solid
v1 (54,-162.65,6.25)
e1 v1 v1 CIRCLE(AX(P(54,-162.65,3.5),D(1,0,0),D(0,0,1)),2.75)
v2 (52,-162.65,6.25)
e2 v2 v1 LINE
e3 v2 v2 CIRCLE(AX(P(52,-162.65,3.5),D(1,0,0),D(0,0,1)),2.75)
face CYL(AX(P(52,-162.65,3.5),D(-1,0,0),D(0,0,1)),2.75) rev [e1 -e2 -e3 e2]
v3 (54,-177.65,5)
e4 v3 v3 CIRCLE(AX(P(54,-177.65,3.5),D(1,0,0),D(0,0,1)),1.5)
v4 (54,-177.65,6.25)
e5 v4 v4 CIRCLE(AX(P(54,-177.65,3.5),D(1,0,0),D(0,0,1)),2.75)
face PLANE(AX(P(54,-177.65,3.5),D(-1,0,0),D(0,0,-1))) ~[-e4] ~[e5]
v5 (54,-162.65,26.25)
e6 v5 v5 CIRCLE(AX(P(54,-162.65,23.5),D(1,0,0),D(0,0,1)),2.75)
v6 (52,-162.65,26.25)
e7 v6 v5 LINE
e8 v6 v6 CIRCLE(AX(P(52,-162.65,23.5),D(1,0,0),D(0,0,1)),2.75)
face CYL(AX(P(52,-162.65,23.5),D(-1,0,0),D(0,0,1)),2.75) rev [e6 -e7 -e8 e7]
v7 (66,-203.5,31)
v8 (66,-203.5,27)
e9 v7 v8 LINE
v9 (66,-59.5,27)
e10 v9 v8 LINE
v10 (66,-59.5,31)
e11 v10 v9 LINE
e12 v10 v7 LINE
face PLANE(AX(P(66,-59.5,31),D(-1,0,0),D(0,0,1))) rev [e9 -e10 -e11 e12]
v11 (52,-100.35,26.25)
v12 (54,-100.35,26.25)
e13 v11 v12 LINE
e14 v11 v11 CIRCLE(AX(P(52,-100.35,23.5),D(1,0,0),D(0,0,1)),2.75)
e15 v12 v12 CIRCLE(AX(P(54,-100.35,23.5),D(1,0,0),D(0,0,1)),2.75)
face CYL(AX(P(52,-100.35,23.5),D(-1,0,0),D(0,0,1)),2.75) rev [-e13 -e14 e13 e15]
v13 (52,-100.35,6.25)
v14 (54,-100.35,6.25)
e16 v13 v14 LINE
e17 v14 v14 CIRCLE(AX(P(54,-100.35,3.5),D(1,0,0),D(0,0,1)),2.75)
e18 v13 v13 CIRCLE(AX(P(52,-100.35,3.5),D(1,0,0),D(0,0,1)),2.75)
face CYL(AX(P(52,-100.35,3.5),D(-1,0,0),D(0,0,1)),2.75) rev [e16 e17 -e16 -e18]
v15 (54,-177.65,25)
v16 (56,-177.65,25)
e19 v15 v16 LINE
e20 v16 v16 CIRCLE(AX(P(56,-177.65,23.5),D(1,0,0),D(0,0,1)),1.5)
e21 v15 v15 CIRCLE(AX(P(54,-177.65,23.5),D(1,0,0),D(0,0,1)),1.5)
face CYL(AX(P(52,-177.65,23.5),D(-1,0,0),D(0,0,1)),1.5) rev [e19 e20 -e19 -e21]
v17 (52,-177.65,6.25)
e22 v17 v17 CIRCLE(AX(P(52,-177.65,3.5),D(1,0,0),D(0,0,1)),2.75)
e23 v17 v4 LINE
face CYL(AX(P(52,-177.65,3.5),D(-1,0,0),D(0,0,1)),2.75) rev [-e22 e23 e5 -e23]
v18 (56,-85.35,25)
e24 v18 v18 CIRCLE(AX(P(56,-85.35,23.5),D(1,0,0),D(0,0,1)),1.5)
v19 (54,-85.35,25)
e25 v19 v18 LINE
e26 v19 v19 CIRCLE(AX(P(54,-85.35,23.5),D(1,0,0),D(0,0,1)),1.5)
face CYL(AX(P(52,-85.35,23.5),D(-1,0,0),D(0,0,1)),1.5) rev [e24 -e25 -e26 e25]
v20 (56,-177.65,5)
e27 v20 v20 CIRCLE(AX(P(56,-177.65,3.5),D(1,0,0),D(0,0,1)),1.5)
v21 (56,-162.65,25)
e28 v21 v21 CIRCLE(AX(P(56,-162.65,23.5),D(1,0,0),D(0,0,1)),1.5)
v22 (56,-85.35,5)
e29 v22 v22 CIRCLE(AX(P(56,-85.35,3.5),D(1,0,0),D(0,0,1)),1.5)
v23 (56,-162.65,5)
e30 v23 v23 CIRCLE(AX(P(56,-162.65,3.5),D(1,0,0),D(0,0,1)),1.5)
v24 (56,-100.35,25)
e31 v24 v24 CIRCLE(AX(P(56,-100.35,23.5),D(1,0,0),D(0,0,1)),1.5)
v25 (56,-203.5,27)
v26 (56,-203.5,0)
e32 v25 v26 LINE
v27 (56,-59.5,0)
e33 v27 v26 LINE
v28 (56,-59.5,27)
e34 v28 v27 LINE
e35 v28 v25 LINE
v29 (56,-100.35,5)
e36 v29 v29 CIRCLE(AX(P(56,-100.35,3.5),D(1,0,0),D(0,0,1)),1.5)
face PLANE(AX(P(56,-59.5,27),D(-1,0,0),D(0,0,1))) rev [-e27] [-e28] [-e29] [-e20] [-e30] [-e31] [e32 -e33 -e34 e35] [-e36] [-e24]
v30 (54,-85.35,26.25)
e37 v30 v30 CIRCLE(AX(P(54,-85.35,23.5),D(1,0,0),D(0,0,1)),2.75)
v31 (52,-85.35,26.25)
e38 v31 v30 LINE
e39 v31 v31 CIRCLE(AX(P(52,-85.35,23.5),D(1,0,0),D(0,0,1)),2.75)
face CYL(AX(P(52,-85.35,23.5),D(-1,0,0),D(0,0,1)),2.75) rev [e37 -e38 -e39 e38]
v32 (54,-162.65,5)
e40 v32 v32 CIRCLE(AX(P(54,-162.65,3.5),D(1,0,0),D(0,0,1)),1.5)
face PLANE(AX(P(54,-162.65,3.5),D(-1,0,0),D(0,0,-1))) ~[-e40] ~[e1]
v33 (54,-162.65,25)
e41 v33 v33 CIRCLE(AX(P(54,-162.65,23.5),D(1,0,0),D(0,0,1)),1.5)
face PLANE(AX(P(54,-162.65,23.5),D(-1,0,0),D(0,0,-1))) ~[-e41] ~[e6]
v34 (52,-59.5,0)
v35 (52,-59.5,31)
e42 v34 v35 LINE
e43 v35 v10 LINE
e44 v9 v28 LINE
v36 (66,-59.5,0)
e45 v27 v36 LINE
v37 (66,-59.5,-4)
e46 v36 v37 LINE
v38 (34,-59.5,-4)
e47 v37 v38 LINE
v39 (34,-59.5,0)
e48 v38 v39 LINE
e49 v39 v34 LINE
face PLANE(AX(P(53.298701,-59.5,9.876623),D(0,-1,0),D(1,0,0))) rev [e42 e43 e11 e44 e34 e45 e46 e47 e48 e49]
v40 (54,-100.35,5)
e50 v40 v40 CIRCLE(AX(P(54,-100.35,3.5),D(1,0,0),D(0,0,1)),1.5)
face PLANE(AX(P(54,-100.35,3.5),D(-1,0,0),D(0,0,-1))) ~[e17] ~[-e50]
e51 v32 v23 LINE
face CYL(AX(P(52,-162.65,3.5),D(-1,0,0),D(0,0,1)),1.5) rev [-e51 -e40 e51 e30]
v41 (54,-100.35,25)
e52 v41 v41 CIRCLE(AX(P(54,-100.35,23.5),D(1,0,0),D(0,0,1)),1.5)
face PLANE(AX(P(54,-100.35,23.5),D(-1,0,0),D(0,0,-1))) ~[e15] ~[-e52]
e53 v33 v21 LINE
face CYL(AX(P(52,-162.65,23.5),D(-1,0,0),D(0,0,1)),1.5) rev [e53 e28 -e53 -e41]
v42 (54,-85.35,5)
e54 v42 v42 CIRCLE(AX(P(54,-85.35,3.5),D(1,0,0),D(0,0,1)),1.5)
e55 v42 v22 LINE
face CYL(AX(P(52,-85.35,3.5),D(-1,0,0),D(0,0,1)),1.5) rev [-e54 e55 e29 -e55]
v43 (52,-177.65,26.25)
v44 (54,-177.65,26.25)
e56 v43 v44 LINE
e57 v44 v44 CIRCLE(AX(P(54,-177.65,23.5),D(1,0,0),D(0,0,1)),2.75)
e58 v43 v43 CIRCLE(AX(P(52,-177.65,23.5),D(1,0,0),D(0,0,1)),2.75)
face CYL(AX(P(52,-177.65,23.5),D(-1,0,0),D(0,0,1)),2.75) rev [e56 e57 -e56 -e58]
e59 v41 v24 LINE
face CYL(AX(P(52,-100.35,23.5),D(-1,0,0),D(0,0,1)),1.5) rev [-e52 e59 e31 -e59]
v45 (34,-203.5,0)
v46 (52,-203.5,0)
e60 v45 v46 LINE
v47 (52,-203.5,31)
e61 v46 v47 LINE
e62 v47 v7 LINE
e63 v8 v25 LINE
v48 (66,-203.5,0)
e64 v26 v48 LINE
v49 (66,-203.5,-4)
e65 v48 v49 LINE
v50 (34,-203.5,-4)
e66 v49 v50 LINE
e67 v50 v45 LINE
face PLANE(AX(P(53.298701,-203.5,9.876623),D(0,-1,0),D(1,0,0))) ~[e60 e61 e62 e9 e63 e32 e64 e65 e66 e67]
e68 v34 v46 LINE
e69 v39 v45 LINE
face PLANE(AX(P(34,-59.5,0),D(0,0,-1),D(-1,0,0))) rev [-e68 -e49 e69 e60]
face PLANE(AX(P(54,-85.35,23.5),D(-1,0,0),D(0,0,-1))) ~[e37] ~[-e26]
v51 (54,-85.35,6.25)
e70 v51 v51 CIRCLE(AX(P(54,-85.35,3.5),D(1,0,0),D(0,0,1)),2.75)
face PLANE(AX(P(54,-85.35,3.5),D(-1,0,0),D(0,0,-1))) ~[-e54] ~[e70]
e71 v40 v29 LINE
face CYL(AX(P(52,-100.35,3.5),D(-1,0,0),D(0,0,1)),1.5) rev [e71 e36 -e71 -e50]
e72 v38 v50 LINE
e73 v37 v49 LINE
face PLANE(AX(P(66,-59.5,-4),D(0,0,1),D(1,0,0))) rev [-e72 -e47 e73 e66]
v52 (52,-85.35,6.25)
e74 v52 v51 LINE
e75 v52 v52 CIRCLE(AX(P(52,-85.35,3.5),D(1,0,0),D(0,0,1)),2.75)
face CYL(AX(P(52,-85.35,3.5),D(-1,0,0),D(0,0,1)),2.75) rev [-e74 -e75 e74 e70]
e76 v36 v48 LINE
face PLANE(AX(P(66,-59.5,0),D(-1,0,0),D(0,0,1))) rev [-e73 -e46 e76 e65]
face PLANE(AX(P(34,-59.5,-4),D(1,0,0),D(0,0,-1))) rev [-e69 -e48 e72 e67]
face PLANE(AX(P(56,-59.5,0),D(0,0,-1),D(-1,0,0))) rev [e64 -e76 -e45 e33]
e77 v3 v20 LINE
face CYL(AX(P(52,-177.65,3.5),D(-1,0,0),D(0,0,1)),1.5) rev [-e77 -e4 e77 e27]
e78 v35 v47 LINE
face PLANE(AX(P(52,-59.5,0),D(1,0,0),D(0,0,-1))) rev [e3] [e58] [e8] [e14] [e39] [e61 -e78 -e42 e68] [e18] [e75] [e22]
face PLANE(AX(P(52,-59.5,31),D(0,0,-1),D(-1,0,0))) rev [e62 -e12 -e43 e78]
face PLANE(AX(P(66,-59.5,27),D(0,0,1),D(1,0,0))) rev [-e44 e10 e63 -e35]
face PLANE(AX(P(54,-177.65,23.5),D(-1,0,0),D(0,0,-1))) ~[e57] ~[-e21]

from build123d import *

# Parameters (mm, degrees)
PAD023_DEPTH    = 144
SKETCH036_R     = 1.5
POCKET004_DEPTH = 4
SKETCH037_R     = 2.75
POCKET005_DEPTH = 2


with BuildPart() as left:
    # Sketch035 → Pad023 (new body)
    with BuildSketch(Plane.XZ):
        Polygon((0, 0), (0, -4), (10, -4), (10, -31), (0, -31), (0, -35), (32, -35), (32, -31), (14, -31), (14, -4), (14, 0), align=None)
    extrude(amount=PAD023_DEPTH)

    # Sketch036 (on Face12 of Pad023) → Pocket004 (cut)
    with BuildSketch(Plane(origin=(14, 0, 0), x_dir=(0, 0, 1), z_dir=(1, 0, 0))):
        with Locations((-7.5, 118.15)):
            Circle(SKETCH036_R)
        with Locations((-7.5, 103.15)):
            Circle(SKETCH036_R)
        with Locations((-27.5, 103.15)):
            Circle(SKETCH036_R)
        with Locations((-27.5, 118.15)):
            Circle(SKETCH036_R)
        with Locations((-27.5, 40.85)):
            Circle(SKETCH036_R)
        with Locations((-27.5, 25.85)):
            Circle(SKETCH036_R)
        with Locations((-7.5, 25.85)):
            Circle(SKETCH036_R)
        with Locations((-7.5, 40.85)):
            Circle(SKETCH036_R)
    extrude(amount=-POCKET004_DEPTH, mode=Mode.SUBTRACT)

    # Sketch037 (on Face6 of Pocket004) → Pocket005 (cut)
    with BuildSketch(Plane(origin=(14, 0, 0), x_dir=(0, 0, 1), z_dir=(1, 0, 0))):
        with Locations((-7.5, 118.15)):
            Circle(SKETCH037_R)
        with Locations((-7.5, 103.15)):
            Circle(SKETCH037_R)
        with Locations((-27.5, 103.15)):
            Circle(SKETCH037_R)
        with Locations((-27.5, 118.15)):
            Circle(SKETCH037_R)
        with Locations((-27.5, 40.85)):
            Circle(SKETCH037_R)
        with Locations((-27.5, 25.85)):
            Circle(SKETCH037_R)
        with Locations((-7.5, 25.85)):
            Circle(SKETCH037_R)
        with Locations((-7.5, 40.85)):
            Circle(SKETCH037_R)
    extrude(amount=-POCKET005_DEPTH, mode=Mode.SUBTRACT)


with BuildPart() as left_1:
    # Body011 placement: moved
    add(left.part.moved(Location((-66, -59.5, 31))))


with BuildPart() as right:
    # Part__Mirroring: instance of Left
    add(left_1.part.mirror(Plane(origin=(0, 0, 0), x_dir=(0, -1, 0), z_dir=(1, 0, 0))))


solid = right.part
